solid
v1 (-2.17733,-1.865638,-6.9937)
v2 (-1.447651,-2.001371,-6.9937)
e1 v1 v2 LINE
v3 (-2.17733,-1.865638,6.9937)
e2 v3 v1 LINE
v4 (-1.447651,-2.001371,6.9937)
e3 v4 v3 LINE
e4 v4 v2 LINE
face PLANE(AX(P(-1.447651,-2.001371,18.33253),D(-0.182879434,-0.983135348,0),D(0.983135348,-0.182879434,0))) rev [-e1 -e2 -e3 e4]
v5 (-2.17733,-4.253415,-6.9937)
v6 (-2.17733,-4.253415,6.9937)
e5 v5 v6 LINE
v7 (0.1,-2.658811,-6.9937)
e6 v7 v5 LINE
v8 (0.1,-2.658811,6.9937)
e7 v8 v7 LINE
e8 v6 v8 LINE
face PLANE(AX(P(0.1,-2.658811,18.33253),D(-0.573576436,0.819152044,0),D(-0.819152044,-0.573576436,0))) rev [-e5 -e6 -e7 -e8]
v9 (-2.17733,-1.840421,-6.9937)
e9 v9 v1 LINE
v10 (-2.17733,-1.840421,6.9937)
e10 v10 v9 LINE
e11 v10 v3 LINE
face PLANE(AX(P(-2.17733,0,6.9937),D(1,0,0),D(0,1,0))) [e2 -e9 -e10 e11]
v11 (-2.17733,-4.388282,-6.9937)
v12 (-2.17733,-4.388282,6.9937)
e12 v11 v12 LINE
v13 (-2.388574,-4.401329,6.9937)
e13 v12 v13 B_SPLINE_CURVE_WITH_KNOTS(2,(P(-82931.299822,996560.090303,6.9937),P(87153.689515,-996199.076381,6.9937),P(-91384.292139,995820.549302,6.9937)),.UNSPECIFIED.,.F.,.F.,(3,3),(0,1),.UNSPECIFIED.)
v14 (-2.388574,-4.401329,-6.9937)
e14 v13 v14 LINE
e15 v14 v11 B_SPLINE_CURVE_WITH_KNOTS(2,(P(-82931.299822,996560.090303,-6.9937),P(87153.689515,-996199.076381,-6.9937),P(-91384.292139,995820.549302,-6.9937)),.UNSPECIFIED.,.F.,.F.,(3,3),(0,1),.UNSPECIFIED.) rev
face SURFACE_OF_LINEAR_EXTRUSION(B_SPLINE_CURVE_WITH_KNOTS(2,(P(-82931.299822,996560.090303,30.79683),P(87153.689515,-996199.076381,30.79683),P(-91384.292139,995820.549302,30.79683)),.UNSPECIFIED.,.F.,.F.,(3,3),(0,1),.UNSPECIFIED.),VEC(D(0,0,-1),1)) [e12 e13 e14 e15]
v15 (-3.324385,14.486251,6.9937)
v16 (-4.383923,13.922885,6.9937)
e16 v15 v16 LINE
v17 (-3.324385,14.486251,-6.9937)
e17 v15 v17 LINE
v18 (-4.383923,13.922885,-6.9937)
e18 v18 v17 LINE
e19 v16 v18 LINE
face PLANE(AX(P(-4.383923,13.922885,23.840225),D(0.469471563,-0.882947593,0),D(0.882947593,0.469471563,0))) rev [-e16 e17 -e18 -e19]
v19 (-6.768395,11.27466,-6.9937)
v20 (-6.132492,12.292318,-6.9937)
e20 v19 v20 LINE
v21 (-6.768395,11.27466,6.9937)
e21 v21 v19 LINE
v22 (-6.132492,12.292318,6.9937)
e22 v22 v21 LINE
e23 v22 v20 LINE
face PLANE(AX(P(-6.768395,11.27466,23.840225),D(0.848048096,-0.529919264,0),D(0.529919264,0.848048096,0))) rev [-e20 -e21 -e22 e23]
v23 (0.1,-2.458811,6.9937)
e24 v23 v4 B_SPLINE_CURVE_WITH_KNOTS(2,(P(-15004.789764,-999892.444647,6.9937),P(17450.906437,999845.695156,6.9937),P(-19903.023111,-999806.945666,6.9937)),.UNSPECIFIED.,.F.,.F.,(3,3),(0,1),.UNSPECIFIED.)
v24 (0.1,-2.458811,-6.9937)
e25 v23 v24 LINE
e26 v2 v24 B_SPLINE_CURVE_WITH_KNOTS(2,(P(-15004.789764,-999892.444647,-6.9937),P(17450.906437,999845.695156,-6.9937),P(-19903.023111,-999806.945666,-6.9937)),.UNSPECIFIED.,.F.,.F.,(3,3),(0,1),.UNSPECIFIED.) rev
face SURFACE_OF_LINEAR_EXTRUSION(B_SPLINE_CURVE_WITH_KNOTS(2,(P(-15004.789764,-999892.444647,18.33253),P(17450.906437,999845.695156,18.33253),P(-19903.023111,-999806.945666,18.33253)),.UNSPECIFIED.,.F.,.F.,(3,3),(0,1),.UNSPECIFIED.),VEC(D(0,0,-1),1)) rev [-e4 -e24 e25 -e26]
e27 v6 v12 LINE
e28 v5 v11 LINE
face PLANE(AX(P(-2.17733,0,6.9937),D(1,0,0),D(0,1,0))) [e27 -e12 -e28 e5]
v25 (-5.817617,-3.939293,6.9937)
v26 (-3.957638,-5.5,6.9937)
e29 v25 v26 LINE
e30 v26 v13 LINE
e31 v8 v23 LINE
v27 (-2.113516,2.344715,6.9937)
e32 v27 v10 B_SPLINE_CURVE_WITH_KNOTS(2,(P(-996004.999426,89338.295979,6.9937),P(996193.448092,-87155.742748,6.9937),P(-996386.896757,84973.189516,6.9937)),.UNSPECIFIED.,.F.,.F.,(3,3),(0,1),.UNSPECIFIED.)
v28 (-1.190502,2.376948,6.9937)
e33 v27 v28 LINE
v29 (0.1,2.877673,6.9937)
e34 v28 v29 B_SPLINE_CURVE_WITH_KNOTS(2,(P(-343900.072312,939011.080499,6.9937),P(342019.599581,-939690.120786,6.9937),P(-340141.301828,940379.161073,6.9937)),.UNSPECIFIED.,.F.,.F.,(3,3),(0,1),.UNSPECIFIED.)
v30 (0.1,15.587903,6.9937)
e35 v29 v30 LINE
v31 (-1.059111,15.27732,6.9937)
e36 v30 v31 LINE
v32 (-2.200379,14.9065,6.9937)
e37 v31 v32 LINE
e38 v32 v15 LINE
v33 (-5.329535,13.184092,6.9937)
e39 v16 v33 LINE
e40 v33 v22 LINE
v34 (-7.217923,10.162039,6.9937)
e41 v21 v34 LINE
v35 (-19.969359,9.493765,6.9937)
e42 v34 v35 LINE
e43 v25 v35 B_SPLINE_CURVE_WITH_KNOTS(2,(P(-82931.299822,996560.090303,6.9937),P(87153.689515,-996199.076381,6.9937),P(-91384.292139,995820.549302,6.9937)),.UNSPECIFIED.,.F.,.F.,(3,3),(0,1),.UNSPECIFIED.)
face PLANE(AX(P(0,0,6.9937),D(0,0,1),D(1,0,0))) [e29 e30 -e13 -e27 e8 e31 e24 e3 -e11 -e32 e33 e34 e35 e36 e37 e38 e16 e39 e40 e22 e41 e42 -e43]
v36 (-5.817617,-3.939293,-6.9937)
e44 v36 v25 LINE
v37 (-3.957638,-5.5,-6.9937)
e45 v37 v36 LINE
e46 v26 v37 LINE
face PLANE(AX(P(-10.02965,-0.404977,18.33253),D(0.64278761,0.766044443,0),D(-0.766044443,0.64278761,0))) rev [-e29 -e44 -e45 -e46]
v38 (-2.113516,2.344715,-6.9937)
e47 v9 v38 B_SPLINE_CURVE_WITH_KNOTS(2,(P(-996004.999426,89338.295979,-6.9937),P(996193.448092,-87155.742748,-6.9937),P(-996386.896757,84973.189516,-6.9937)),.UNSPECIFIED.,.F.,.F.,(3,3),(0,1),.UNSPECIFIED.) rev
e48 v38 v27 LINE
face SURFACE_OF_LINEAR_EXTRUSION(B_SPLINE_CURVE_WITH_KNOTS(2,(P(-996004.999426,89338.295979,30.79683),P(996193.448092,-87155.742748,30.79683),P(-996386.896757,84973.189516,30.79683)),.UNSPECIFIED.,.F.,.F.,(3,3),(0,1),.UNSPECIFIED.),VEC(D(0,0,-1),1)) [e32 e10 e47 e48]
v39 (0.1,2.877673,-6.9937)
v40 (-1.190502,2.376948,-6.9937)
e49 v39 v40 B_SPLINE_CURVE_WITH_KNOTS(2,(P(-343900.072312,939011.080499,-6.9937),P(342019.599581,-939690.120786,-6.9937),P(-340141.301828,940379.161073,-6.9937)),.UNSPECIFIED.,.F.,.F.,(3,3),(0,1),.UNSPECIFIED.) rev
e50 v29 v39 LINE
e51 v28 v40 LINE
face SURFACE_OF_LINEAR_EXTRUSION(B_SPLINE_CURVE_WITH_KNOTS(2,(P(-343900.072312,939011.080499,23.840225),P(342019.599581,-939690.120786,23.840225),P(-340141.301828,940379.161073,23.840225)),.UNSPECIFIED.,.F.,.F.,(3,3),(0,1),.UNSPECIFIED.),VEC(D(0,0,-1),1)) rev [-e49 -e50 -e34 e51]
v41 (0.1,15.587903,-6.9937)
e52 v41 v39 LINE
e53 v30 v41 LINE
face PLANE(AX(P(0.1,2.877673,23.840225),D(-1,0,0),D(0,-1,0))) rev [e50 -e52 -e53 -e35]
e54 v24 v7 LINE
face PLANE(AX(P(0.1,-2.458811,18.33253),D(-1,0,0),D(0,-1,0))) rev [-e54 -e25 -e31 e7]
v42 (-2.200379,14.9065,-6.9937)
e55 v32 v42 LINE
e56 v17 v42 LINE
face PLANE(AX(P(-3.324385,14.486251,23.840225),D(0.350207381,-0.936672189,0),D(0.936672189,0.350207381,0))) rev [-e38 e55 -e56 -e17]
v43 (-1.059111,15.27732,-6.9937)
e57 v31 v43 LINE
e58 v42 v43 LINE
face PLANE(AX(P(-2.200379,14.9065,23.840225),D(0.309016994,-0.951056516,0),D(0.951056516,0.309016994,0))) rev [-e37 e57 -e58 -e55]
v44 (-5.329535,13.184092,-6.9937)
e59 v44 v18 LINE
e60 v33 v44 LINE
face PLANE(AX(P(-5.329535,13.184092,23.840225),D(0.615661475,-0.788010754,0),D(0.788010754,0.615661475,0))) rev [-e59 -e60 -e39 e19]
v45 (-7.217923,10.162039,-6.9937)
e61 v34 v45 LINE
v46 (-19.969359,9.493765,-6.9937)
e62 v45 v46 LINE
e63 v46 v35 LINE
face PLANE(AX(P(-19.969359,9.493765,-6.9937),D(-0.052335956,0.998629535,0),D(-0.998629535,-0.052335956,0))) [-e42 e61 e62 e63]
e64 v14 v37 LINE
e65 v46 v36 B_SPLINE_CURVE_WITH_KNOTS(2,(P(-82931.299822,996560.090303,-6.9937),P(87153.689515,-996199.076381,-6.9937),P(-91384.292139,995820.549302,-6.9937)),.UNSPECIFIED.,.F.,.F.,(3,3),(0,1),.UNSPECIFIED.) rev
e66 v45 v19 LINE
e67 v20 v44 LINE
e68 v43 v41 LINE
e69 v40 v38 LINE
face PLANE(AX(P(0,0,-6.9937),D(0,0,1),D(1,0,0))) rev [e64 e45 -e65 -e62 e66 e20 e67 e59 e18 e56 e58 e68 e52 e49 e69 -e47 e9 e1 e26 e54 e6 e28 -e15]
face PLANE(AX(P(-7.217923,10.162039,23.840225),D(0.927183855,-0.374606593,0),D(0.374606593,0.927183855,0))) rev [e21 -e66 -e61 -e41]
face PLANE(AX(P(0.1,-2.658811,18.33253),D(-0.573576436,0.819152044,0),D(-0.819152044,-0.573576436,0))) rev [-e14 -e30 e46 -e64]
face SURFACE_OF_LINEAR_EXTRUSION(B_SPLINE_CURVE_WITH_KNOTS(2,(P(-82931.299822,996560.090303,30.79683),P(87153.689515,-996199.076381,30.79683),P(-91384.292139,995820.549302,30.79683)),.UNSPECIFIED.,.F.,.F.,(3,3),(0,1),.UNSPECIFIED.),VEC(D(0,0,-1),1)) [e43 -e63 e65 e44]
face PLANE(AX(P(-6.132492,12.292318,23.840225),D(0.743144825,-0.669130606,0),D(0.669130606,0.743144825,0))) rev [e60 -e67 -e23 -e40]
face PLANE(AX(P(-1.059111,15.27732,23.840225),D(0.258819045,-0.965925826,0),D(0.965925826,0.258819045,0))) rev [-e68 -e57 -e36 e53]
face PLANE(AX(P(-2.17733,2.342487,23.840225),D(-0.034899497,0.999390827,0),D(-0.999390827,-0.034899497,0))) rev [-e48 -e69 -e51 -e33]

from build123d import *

# Parameters (mm, degrees)
CROQUIS_BASE_DEPTH              = 6.9937
LENTE_PPAL_1_REACH              = 29.176
LENTE_PPAL_1_DIRECTION_2_REACH  = 29.176
LENTE_PPAL_2_DEPTH              = 28.175928622
LENTE_PPAL_2_DEPTH_BACK         = 28.175928622
CROQUIS9_3_OUTSIDE_W            = 30.065
CROQUIS9_3_OUTSIDE_H            = 25.937
LENTE_FRONTAL_REACH             = 25.403
LENTE_FRONTAL_DIRECTION_2_REACH = 25.403
LENTE_TRASERA_REACH             = 28.281
LENTE_TRASERA_DIRECTION_2_REACH = 28.281


with BuildPart() as part:
    # Croquis1 → croquis base (new, symmetric)
    with BuildSketch(Plane.XY):
        with BuildLine():
            Line((-8.981845695, 12.608155172), (-23.035921146, 11.871612288))
            Line((-23.035921146, 11.871612288), (-23.035921146, 11.54013782))
            ThreePointArc((-23.035921146, 11.54013782), (-20.949684518, 9.582335705), (-18.945192114, 7.540918896))
            add(Edge.make_bspline(
                [(-18.945192114, 7.540918896), (-10.215008384, -3.697644103), (-2.846604825, -5.059081104)],
                knots=[0.497667241, 0.497667241, 0.497667241, 0.49955428, 0.49955428, 0.49955428], degree=2, weights=[1, 1, 1]))
            add(Edge.make_bspline(
                [(-2.846604825, -5.059081104), (-2.498165198, -4.87297933), (-2.177330418, -4.684462446)],
                knots=[0.498812075, 0.498812075, 0.498812075, 0.498911556, 0.498911556, 0.498911556], degree=2, weights=[1, 1, 1]))
            Line((-2.177330418, -4.684462446), (-2.177330418, 6.186438919))
            add(Edge.make_bspline(
                [(-2.177330418, 6.186438919), (-4.063319702, 8.141636997), (-6.994875026, 10.477389992)],
                knots=[0.50138293, 0.50138293, 0.50138293, 0.502013312, 0.502013312, 0.502013312], degree=2, weights=[1, 1, 1]))
            Line((-6.994875026, 10.477389992), (-8.981845695, 12.608155172))
        make_face()
    extrude(amount=CROQUIS_BASE_DEPTH, both=True)

    # lente ppal 1: up to this face of the body (flat: up to its plane)
    lente_ppal_1_end = Plane(part.part.faces().sort_by_distance((-10.153546236, 5.159655325, 6.9937))[0])
    # Croquis9 → lente ppal 1 (add, up to the picked face)
    with BuildSketch(Plane.XY, mode=Mode.PRIVATE) as lente_ppal_1_sk1:
        with BuildLine():
            add(Edge.make_bspline(
                [(-2.177330418, -4.388282022), (-10.4130765, -4.994158739), (-19.969359014, 9.493765032)],
                knots=[0, 0, 0, 1, 1, 1], degree=2))
            Line((-19.969359014, 9.493765032), (-10.309820395, 10))
            Line((-10.309820395, 10), (-2.177330418, 6.082860828))
            Line((-2.177330418, 6.082860828), (-2.177330418, 2.424232079))
            add(Edge.make_bspline(
                [(-2.177330418, 2.424232079), (-0.304369248, 0.128042884), (-2.177330418, -1.840420572)],
                knots=[0, 0, 0, 1, 1, 1], degree=2))
            Line((-2.177330418, -1.840420572), (-2.177330418, -4.388282022))
        make_face()
    lente_ppal_1_tool1 = split(extrude(lente_ppal_1_sk1.sketch, amount=LENTE_PPAL_1_REACH, mode=Mode.PRIVATE), bisect_by=lente_ppal_1_end, keep=Keep.BOTH, mode=Mode.PRIVATE)
    add(lente_ppal_1_tool1.solids().sort_by(Axis((-9.106368, 3.599172, 0), (0, 0, 1)))[0])

    # lente ppal 1 direction 2: up to this face of the body (flat: up to its plane)
    lente_ppal_1_direction_2_end = Plane(part.part.faces().sort_by_distance((-10.153546236, 5.159655325, -6.9937))[0])
    # Croquis9 → lente ppal 1 direction 2 (add, up to the picked face)
    with BuildSketch(Plane.XY, mode=Mode.PRIVATE) as lente_ppal_1_direction_2_sk1:
        with BuildLine():
            add(Edge.make_bspline(
                [(-2.177330418, -4.388282022), (-10.4130765, -4.994158739), (-19.969359014, 9.493765032)],
                knots=[0, 0, 0, 1, 1, 1], degree=2))
            Line((-19.969359014, 9.493765032), (-10.309820395, 10))
            Line((-10.309820395, 10), (-2.177330418, 6.082860828))
            Line((-2.177330418, 6.082860828), (-2.177330418, 2.424232079))
            add(Edge.make_bspline(
                [(-2.177330418, 2.424232079), (-0.304369248, 0.128042884), (-2.177330418, -1.840420572)],
                knots=[0, 0, 0, 1, 1, 1], degree=2))
            Line((-2.177330418, -1.840420572), (-2.177330418, -4.388282022))
        make_face()
    lente_ppal_1_direction_2_tool1 = split(extrude(lente_ppal_1_direction_2_sk1.sketch, amount=-LENTE_PPAL_1_DIRECTION_2_REACH, mode=Mode.PRIVATE), bisect_by=lente_ppal_1_direction_2_end, keep=Keep.BOTH, mode=Mode.PRIVATE)
    add(lente_ppal_1_direction_2_tool1.solids().sort_by(Axis((-9.106368, 3.599172, 0), (0, 0, -1)))[0])

    # Croquis9<3> outside → lente ppal 2 (cut, two sides: drawn at the far end of the back side and taken through both)
    with BuildSketch(Plane.XY.offset(-LENTE_PPAL_2_DEPTH_BACK)):
        with Locations((-12.1385, 3.7745)):
            Rectangle(CROQUIS9_3_OUTSIDE_W, CROQUIS9_3_OUTSIDE_H)
        with BuildLine():
            Line((-2.177330418, -1.840420572), (-2.177330418, -4.388282022))
            add(Edge.make_bspline(
                [(-2.177330418, -4.388282022), (-10.4130765, -4.994158739), (-19.969359014, 9.493765032)],
                knots=[0, 0, 0, 1, 1, 1], degree=2))
            Line((-19.969359014, 9.493765032), (-10.309820395, 10))
            Line((-10.309820395, 10), (-2.177330418, 6.082860828))
            Line((-2.177330418, 6.082860828), (-2.177330418, 2.424232079))
            add(Edge.make_bspline(
                [(-2.177330418, 2.424232079), (-0.304369248, 0.128042884), (-2.177330418, -1.840420572)],
                knots=[0, 0, 0, 1, 1, 1], degree=2))
        make_face(mode=Mode.SUBTRACT)
    extrude(amount=LENTE_PPAL_2_DEPTH + LENTE_PPAL_2_DEPTH_BACK, mode=Mode.SUBTRACT)

    # lente frontal: up to this face of the body (flat: up to its plane)
    lente_frontal_end = Plane(part.part.faces().sort_by_distance((-9.106367081, 3.599171888, 6.9937))[0])
    # Croquis8 → lente frontal (add, up to the picked face)
    with BuildSketch(Plane.XY, mode=Mode.PRIVATE) as lente_frontal_sk1:
        with BuildLine():
            Line((0.1, 2.877673418), (0.1, 15.587903347))
            Line((0.1, 15.587903347), (-1.059110992, 15.277320493))
            Line((-1.059110992, 15.277320493), (-2.200378811, 14.9065001))
            Line((-2.200378811, 14.9065001), (-3.324385438, 14.486251242))
            Line((-3.324385438, 14.486251242), (-4.38392255, 13.922885367))
            Line((-4.38392255, 13.922885367), (-5.329535454, 13.184091597))
            Line((-5.329535454, 13.184091597), (-6.132492182, 12.292317806))
            Line((-6.132492182, 12.292317806), (-6.768395299, 11.274660091))
            Line((-6.768395299, 11.274660091), (-7.217923211, 10.162039465))
            Line((-7.217923211, 10.162039465), (-10.309820395, 10))
            Line((-10.309820395, 10), (-2.177330418, 2.342487007))
            Line((-2.177330418, 2.342487007), (-1.190501641, 2.376947827))
            add(Edge.make_bspline(
                [(-1.190501641, 2.376947827), (-0.463368169, 2.402339888), (0.1, 2.877673418)],
                knots=[0, 0, 0, 1, 1, 1], degree=2))
        make_face()
    lente_frontal_tool1 = split(extrude(lente_frontal_sk1.sketch, amount=LENTE_FRONTAL_REACH, mode=Mode.PRIVATE), bisect_by=lente_frontal_end, keep=Keep.BOTH, mode=Mode.PRIVATE)
    add(lente_frontal_tool1.solids().sort_by(Axis((-3.290182, 8.96302, 0), (0, 0, 1)))[0])

    # lente frontal direction 2: up to this face of the body (flat: up to its plane)
    lente_frontal_direction_2_end = Plane(part.part.faces().sort_by_distance((-9.106367081, 3.599171888, -6.9937))[0])
    # Croquis8 → lente frontal direction 2 (add, up to the picked face)
    with BuildSketch(Plane.XY, mode=Mode.PRIVATE) as lente_frontal_direction_2_sk1:
        with BuildLine():
            Line((0.1, 2.877673418), (0.1, 15.587903347))
            Line((0.1, 15.587903347), (-1.059110992, 15.277320493))
            Line((-1.059110992, 15.277320493), (-2.200378811, 14.9065001))
            Line((-2.200378811, 14.9065001), (-3.324385438, 14.486251242))
            Line((-3.324385438, 14.486251242), (-4.38392255, 13.922885367))
            Line((-4.38392255, 13.922885367), (-5.329535454, 13.184091597))
            Line((-5.329535454, 13.184091597), (-6.132492182, 12.292317806))
            Line((-6.132492182, 12.292317806), (-6.768395299, 11.274660091))
            Line((-6.768395299, 11.274660091), (-7.217923211, 10.162039465))
            Line((-7.217923211, 10.162039465), (-10.309820395, 10))
            Line((-10.309820395, 10), (-2.177330418, 2.342487007))
            Line((-2.177330418, 2.342487007), (-1.190501641, 2.376947827))
            add(Edge.make_bspline(
                [(-1.190501641, 2.376947827), (-0.463368169, 2.402339888), (0.1, 2.877673418)],
                knots=[0, 0, 0, 1, 1, 1], degree=2))
        make_face()
    lente_frontal_direction_2_tool1 = split(extrude(lente_frontal_direction_2_sk1.sketch, amount=-LENTE_FRONTAL_DIRECTION_2_REACH, mode=Mode.PRIVATE), bisect_by=lente_frontal_direction_2_end, keep=Keep.BOTH, mode=Mode.PRIVATE)
    add(lente_frontal_direction_2_tool1.solids().sort_by(Axis((-3.290182, 8.96302, 0), (0, 0, -1)))[0])

    # lente trasera: up to this face of the body (flat: up to its plane)
    lente_trasera_end = Plane(part.part.faces().sort_by_distance((-7.357064552, 5.305385386, 6.9937))[0])
    # Croquis11 → lente trasera (add, up to the picked face)
    with BuildSketch(Plane.XY, mode=Mode.PRIVATE) as lente_trasera_sk1:
        with BuildLine():
            Line((0.1, -2.458811066), (0.1, -2.658811066))
            Line((0.1, -2.658811066), (-3.957638313, -5.5))
            Line((-3.957638313, -5.5), (-10.029650265, -0.404977011))
            Line((-10.029650265, -0.404977011), (-1.447650757, -2.001370848))
            add(Edge.make_bspline(
                [(-1.447650757, -2.001370848), (-0.67030688, -2.028516294), (0.1, -2.458811066)],
                knots=[0, 0, 0, 1, 1, 1], degree=2))
        make_face()
    lente_trasera_tool1 = split(extrude(lente_trasera_sk1.sketch, amount=LENTE_TRASERA_REACH, mode=Mode.PRIVATE), bisect_by=lente_trasera_end, keep=Keep.BOTH, mode=Mode.PRIVATE)
    add(lente_trasera_tool1.solids().sort_by(Axis((-4.514125, -2.758798, 0), (0, 0, 1)))[0])

    # lente trasera direction 2: up to this face of the body (flat: up to its plane)
    lente_trasera_direction_2_end = Plane(part.part.faces().sort_by_distance((-7.357064552, 5.305385386, -6.9937))[0])
    # Croquis11 → lente trasera direction 2 (add, up to the picked face)
    with BuildSketch(Plane.XY, mode=Mode.PRIVATE) as lente_trasera_direction_2_sk1:
        with BuildLine():
            Line((0.1, -2.458811066), (0.1, -2.658811066))
            Line((0.1, -2.658811066), (-3.957638313, -5.5))
            Line((-3.957638313, -5.5), (-10.029650265, -0.404977011))
            Line((-10.029650265, -0.404977011), (-1.447650757, -2.001370848))
            add(Edge.make_bspline(
                [(-1.447650757, -2.001370848), (-0.67030688, -2.028516294), (0.1, -2.458811066)],
                knots=[0, 0, 0, 1, 1, 1], degree=2))
        make_face()
    lente_trasera_direction_2_tool1 = split(extrude(lente_trasera_direction_2_sk1.sketch, amount=-LENTE_TRASERA_DIRECTION_2_REACH, mode=Mode.PRIVATE), bisect_by=lente_trasera_direction_2_end, keep=Keep.BOTH, mode=Mode.PRIVATE)
    add(lente_trasera_direction_2_tool1.solids().sort_by(Axis((-4.514125, -2.758798, 0), (0, 0, -1)))[0])


solid = part.part
